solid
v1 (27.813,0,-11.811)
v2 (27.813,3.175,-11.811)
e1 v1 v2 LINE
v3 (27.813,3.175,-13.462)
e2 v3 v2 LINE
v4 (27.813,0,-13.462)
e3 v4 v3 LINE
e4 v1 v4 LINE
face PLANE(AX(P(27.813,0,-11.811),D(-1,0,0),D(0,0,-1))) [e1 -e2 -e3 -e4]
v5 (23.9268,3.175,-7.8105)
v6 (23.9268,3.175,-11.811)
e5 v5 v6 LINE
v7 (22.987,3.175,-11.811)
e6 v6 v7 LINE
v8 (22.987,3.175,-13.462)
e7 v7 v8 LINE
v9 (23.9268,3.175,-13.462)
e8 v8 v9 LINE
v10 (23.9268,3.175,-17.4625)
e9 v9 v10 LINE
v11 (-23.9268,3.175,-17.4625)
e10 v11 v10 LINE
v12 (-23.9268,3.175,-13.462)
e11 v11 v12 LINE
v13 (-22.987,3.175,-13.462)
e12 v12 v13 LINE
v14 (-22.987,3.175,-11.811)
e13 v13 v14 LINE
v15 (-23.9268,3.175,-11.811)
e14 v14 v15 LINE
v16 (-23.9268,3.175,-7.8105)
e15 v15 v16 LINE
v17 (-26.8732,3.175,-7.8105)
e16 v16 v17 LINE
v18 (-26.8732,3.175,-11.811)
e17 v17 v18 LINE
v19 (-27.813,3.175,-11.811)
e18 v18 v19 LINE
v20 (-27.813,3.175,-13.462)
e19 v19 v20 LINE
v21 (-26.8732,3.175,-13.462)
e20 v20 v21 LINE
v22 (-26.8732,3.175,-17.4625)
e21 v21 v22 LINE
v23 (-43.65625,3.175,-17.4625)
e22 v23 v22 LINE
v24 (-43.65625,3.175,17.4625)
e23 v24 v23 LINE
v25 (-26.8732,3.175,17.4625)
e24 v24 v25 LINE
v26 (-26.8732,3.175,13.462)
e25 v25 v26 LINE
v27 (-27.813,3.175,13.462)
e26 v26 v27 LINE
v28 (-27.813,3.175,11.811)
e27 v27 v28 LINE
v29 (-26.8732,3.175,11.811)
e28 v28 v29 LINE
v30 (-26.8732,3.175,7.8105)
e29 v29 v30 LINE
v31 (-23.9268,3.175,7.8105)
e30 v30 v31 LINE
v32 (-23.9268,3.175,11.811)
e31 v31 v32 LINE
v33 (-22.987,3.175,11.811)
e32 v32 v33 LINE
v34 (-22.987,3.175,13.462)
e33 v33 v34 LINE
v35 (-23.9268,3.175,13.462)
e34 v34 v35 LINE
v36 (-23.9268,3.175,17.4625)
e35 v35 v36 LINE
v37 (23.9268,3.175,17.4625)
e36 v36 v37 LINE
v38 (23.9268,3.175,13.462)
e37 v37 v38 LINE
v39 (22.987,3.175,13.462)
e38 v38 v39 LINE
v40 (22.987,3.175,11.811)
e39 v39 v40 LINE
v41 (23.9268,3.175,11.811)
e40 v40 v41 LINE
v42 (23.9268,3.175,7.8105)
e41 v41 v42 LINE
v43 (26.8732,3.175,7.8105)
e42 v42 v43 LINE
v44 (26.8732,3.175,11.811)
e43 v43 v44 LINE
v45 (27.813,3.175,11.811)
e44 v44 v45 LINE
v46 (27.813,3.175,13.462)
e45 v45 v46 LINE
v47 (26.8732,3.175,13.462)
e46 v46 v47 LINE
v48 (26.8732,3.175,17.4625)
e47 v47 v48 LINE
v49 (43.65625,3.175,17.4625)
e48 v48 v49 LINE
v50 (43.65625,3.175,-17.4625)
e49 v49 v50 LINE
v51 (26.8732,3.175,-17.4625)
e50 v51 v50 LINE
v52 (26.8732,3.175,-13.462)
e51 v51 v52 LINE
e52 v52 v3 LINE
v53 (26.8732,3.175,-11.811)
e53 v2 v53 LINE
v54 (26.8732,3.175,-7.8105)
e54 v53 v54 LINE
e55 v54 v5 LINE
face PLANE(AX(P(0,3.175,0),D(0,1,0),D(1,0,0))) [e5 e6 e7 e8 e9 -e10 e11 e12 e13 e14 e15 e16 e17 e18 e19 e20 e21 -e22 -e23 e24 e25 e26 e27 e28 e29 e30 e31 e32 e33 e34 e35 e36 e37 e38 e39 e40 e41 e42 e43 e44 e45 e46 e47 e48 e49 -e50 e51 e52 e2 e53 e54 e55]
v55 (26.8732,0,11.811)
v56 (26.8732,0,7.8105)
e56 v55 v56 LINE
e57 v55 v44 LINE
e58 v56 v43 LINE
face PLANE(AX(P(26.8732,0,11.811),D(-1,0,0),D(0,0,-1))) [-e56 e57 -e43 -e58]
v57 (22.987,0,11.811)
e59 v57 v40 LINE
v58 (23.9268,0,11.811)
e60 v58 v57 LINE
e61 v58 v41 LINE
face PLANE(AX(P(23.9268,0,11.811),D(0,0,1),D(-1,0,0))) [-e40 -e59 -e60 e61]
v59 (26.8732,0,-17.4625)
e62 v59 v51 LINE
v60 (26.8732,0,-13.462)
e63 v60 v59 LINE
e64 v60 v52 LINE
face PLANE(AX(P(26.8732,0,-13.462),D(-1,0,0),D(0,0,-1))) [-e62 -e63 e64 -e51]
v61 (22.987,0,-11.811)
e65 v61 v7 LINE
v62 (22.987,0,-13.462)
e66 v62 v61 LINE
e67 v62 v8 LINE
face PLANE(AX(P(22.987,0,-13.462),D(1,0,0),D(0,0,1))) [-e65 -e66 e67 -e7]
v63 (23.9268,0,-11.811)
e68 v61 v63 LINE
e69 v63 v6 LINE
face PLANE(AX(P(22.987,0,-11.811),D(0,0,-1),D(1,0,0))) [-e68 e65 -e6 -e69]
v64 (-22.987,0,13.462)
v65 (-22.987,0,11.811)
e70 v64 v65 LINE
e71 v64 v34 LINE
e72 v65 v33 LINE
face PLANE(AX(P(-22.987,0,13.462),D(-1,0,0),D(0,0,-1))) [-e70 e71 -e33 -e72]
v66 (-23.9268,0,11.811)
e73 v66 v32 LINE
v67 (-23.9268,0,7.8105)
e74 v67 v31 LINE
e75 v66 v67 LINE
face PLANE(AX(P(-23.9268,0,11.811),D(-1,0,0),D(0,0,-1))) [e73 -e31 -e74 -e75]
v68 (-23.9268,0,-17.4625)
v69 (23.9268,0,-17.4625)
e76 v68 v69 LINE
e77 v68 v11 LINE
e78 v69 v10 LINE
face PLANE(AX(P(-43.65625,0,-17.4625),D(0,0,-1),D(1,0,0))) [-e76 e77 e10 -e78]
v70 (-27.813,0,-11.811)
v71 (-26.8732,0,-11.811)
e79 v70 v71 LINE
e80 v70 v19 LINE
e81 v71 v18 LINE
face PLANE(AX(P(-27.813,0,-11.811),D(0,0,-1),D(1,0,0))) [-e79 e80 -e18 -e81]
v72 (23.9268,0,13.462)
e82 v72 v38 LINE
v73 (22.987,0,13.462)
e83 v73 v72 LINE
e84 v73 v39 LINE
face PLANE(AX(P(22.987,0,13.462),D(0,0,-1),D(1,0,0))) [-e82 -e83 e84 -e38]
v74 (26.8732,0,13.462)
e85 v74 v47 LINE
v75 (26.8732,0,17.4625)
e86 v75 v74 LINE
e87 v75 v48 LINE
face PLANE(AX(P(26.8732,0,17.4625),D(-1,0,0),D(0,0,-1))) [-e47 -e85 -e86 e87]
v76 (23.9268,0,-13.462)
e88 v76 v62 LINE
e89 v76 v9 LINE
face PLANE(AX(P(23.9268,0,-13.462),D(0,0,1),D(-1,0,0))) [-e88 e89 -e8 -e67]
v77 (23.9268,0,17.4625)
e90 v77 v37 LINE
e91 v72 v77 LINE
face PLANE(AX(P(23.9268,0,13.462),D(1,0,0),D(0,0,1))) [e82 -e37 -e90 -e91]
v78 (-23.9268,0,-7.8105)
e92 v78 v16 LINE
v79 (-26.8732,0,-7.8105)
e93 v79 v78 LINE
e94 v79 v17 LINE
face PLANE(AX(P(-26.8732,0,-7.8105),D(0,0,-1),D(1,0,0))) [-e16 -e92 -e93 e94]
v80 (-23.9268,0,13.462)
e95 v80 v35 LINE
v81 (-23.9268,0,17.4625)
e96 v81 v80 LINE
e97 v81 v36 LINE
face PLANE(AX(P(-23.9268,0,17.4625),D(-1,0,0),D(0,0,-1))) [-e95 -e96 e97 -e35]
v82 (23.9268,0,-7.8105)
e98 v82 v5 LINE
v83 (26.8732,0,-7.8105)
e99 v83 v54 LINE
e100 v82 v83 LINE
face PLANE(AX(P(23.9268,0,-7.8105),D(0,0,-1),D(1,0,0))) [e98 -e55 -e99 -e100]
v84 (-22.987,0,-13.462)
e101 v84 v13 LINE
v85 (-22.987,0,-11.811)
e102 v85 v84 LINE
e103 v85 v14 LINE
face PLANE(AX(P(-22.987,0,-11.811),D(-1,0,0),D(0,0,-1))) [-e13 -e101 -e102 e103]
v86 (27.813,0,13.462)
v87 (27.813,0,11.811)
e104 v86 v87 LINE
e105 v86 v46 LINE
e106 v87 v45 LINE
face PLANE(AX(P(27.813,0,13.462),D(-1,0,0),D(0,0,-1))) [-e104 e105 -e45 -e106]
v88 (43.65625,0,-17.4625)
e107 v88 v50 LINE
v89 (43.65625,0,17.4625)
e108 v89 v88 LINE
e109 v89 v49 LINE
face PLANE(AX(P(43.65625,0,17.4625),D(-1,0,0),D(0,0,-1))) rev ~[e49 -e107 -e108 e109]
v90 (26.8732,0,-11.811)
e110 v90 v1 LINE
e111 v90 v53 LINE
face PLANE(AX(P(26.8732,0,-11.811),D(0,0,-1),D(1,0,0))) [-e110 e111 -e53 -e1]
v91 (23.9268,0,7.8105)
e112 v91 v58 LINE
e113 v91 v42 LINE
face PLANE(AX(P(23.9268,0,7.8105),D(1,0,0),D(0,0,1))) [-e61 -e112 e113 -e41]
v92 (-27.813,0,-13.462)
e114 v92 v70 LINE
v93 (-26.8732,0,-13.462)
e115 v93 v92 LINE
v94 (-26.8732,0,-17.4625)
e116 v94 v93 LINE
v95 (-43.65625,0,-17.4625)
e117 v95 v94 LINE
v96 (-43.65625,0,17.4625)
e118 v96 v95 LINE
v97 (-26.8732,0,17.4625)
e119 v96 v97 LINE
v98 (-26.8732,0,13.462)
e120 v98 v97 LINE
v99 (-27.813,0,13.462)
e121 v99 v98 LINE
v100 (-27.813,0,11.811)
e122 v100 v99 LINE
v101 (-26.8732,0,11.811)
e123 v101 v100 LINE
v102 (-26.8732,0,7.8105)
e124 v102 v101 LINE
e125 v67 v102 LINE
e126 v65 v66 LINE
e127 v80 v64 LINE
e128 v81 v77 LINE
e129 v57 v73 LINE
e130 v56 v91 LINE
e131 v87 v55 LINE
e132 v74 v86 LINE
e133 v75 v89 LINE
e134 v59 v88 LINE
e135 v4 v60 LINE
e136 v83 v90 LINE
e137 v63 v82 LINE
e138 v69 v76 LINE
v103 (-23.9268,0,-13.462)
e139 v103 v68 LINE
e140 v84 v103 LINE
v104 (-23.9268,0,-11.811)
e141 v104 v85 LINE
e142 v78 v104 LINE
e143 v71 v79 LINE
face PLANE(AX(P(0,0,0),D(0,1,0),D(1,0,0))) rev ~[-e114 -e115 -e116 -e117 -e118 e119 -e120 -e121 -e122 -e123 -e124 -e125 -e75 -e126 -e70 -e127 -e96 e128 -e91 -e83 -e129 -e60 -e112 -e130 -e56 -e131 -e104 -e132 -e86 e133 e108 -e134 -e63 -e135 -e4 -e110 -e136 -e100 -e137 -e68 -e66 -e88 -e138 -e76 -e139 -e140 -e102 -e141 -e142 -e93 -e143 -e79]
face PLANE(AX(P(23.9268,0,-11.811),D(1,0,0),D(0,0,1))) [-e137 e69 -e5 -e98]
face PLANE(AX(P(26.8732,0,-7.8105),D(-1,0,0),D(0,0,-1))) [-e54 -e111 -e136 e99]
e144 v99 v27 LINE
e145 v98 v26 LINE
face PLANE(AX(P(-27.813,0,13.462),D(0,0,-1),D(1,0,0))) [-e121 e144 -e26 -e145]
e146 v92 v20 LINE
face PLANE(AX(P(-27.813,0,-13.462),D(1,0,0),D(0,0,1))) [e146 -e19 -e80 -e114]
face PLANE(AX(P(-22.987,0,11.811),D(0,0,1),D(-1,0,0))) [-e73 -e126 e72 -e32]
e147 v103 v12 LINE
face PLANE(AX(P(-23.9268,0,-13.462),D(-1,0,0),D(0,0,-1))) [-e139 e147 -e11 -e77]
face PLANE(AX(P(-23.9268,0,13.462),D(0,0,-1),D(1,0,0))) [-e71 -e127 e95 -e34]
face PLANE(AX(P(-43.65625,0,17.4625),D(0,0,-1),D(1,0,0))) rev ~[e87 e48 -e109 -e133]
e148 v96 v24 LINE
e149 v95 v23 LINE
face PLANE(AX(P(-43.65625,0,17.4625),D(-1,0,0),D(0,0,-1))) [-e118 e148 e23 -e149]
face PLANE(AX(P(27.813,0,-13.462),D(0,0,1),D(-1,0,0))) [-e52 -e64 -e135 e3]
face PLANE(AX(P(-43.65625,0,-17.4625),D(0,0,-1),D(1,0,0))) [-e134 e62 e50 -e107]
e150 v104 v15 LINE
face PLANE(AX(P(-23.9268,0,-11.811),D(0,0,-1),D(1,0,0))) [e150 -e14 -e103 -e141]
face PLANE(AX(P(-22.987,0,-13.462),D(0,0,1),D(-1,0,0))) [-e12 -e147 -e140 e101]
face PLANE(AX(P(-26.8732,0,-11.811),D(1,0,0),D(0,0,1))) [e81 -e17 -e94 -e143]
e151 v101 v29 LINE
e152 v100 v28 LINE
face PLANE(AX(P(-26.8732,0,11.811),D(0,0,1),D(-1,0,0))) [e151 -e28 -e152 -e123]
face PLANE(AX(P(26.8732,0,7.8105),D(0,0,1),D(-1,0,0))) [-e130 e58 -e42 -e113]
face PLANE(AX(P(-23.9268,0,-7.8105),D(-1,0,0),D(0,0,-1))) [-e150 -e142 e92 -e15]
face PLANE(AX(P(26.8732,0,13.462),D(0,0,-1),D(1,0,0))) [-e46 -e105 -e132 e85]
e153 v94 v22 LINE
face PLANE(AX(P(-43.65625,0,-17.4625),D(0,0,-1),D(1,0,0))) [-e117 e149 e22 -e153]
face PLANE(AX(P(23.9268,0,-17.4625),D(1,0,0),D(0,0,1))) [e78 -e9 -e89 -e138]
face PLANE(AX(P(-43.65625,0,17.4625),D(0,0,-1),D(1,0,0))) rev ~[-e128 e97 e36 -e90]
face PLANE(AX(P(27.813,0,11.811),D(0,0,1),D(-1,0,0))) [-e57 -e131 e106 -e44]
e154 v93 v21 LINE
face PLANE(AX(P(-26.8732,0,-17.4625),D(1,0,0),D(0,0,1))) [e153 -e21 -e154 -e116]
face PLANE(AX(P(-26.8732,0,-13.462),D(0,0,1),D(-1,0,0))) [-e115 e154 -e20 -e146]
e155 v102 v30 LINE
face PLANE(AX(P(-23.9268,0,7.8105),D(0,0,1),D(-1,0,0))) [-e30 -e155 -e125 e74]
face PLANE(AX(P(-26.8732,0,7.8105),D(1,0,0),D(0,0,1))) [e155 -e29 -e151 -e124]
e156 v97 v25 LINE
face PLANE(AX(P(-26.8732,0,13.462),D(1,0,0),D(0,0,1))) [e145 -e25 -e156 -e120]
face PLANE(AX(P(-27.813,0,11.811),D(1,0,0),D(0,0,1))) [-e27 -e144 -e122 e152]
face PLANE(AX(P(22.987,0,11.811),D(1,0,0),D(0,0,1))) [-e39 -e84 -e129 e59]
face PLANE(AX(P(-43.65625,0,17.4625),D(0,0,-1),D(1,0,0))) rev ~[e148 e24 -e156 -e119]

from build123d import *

# Parameters (mm, degrees)
SKETCH1_W           = 87.3125
SKETCH1_H           = 34.925
BOSS_EXTRUDE1_DEPTH = 3.175
CUT_EXTRUDE2_DEPTH  = 48.126295158


with BuildPart() as part:
    # Sketch1 → Boss-Extrude1 (new body)
    with BuildSketch(Plane(origin=(0, 0, 0), x_dir=(1, 0, 0), z_dir=(0, 1, 0))):
        Rectangle(SKETCH1_W, SKETCH1_H)
    extrude(amount=BOSS_EXTRUDE1_DEPTH)

    # Sketch3 → Cut-Extrude2 (cut, through all)
    with BuildSketch(Plane.XZ):
        Polygon((-26.8732, 17.4625), (-23.9268, 17.4625), (-23.9268, 13.462), (-22.987, 13.462), (-22.987, 11.811), (-23.9268, 11.811), (-23.9268, 7.8105), (-26.8732, 7.8105), (-26.8732, 11.811), (-27.813, 11.811), (-27.813, 13.462), (-26.8732, 13.462), align=None)
        Polygon((26.8732, 11.811), (26.8732, 7.8105), (23.9268, 7.8105), (23.9268, 11.811), (22.987, 11.811), (22.987, 13.462), (23.9268, 13.462), (23.9268, 17.4625), (26.8732, 17.4625), (26.8732, 13.462), (27.813, 13.462), (27.813, 11.811), align=None)
        Polygon((26.8732, -17.4625), (23.9268, -17.4625), (23.9268, -13.462), (22.987, -13.462), (22.987, -11.811), (23.9268, -11.811), (23.9268, -7.8105), (26.8732, -7.8105), (26.8732, -11.811), (27.813, -11.811), (27.813, -13.462), (26.8732, -13.462), align=None)
        Polygon((-26.8732, -11.811), (-26.8732, -7.8105), (-23.9268, -7.8105), (-23.9268, -11.811), (-22.987, -11.811), (-22.987, -13.462), (-23.9268, -13.462), (-23.9268, -17.4625), (-26.8732, -17.4625), (-26.8732, -13.462), (-27.813, -13.462), (-27.813, -11.811), align=None)
    extrude(amount=-CUT_EXTRUDE2_DEPTH, mode=Mode.SUBTRACT)


solid = part.part
